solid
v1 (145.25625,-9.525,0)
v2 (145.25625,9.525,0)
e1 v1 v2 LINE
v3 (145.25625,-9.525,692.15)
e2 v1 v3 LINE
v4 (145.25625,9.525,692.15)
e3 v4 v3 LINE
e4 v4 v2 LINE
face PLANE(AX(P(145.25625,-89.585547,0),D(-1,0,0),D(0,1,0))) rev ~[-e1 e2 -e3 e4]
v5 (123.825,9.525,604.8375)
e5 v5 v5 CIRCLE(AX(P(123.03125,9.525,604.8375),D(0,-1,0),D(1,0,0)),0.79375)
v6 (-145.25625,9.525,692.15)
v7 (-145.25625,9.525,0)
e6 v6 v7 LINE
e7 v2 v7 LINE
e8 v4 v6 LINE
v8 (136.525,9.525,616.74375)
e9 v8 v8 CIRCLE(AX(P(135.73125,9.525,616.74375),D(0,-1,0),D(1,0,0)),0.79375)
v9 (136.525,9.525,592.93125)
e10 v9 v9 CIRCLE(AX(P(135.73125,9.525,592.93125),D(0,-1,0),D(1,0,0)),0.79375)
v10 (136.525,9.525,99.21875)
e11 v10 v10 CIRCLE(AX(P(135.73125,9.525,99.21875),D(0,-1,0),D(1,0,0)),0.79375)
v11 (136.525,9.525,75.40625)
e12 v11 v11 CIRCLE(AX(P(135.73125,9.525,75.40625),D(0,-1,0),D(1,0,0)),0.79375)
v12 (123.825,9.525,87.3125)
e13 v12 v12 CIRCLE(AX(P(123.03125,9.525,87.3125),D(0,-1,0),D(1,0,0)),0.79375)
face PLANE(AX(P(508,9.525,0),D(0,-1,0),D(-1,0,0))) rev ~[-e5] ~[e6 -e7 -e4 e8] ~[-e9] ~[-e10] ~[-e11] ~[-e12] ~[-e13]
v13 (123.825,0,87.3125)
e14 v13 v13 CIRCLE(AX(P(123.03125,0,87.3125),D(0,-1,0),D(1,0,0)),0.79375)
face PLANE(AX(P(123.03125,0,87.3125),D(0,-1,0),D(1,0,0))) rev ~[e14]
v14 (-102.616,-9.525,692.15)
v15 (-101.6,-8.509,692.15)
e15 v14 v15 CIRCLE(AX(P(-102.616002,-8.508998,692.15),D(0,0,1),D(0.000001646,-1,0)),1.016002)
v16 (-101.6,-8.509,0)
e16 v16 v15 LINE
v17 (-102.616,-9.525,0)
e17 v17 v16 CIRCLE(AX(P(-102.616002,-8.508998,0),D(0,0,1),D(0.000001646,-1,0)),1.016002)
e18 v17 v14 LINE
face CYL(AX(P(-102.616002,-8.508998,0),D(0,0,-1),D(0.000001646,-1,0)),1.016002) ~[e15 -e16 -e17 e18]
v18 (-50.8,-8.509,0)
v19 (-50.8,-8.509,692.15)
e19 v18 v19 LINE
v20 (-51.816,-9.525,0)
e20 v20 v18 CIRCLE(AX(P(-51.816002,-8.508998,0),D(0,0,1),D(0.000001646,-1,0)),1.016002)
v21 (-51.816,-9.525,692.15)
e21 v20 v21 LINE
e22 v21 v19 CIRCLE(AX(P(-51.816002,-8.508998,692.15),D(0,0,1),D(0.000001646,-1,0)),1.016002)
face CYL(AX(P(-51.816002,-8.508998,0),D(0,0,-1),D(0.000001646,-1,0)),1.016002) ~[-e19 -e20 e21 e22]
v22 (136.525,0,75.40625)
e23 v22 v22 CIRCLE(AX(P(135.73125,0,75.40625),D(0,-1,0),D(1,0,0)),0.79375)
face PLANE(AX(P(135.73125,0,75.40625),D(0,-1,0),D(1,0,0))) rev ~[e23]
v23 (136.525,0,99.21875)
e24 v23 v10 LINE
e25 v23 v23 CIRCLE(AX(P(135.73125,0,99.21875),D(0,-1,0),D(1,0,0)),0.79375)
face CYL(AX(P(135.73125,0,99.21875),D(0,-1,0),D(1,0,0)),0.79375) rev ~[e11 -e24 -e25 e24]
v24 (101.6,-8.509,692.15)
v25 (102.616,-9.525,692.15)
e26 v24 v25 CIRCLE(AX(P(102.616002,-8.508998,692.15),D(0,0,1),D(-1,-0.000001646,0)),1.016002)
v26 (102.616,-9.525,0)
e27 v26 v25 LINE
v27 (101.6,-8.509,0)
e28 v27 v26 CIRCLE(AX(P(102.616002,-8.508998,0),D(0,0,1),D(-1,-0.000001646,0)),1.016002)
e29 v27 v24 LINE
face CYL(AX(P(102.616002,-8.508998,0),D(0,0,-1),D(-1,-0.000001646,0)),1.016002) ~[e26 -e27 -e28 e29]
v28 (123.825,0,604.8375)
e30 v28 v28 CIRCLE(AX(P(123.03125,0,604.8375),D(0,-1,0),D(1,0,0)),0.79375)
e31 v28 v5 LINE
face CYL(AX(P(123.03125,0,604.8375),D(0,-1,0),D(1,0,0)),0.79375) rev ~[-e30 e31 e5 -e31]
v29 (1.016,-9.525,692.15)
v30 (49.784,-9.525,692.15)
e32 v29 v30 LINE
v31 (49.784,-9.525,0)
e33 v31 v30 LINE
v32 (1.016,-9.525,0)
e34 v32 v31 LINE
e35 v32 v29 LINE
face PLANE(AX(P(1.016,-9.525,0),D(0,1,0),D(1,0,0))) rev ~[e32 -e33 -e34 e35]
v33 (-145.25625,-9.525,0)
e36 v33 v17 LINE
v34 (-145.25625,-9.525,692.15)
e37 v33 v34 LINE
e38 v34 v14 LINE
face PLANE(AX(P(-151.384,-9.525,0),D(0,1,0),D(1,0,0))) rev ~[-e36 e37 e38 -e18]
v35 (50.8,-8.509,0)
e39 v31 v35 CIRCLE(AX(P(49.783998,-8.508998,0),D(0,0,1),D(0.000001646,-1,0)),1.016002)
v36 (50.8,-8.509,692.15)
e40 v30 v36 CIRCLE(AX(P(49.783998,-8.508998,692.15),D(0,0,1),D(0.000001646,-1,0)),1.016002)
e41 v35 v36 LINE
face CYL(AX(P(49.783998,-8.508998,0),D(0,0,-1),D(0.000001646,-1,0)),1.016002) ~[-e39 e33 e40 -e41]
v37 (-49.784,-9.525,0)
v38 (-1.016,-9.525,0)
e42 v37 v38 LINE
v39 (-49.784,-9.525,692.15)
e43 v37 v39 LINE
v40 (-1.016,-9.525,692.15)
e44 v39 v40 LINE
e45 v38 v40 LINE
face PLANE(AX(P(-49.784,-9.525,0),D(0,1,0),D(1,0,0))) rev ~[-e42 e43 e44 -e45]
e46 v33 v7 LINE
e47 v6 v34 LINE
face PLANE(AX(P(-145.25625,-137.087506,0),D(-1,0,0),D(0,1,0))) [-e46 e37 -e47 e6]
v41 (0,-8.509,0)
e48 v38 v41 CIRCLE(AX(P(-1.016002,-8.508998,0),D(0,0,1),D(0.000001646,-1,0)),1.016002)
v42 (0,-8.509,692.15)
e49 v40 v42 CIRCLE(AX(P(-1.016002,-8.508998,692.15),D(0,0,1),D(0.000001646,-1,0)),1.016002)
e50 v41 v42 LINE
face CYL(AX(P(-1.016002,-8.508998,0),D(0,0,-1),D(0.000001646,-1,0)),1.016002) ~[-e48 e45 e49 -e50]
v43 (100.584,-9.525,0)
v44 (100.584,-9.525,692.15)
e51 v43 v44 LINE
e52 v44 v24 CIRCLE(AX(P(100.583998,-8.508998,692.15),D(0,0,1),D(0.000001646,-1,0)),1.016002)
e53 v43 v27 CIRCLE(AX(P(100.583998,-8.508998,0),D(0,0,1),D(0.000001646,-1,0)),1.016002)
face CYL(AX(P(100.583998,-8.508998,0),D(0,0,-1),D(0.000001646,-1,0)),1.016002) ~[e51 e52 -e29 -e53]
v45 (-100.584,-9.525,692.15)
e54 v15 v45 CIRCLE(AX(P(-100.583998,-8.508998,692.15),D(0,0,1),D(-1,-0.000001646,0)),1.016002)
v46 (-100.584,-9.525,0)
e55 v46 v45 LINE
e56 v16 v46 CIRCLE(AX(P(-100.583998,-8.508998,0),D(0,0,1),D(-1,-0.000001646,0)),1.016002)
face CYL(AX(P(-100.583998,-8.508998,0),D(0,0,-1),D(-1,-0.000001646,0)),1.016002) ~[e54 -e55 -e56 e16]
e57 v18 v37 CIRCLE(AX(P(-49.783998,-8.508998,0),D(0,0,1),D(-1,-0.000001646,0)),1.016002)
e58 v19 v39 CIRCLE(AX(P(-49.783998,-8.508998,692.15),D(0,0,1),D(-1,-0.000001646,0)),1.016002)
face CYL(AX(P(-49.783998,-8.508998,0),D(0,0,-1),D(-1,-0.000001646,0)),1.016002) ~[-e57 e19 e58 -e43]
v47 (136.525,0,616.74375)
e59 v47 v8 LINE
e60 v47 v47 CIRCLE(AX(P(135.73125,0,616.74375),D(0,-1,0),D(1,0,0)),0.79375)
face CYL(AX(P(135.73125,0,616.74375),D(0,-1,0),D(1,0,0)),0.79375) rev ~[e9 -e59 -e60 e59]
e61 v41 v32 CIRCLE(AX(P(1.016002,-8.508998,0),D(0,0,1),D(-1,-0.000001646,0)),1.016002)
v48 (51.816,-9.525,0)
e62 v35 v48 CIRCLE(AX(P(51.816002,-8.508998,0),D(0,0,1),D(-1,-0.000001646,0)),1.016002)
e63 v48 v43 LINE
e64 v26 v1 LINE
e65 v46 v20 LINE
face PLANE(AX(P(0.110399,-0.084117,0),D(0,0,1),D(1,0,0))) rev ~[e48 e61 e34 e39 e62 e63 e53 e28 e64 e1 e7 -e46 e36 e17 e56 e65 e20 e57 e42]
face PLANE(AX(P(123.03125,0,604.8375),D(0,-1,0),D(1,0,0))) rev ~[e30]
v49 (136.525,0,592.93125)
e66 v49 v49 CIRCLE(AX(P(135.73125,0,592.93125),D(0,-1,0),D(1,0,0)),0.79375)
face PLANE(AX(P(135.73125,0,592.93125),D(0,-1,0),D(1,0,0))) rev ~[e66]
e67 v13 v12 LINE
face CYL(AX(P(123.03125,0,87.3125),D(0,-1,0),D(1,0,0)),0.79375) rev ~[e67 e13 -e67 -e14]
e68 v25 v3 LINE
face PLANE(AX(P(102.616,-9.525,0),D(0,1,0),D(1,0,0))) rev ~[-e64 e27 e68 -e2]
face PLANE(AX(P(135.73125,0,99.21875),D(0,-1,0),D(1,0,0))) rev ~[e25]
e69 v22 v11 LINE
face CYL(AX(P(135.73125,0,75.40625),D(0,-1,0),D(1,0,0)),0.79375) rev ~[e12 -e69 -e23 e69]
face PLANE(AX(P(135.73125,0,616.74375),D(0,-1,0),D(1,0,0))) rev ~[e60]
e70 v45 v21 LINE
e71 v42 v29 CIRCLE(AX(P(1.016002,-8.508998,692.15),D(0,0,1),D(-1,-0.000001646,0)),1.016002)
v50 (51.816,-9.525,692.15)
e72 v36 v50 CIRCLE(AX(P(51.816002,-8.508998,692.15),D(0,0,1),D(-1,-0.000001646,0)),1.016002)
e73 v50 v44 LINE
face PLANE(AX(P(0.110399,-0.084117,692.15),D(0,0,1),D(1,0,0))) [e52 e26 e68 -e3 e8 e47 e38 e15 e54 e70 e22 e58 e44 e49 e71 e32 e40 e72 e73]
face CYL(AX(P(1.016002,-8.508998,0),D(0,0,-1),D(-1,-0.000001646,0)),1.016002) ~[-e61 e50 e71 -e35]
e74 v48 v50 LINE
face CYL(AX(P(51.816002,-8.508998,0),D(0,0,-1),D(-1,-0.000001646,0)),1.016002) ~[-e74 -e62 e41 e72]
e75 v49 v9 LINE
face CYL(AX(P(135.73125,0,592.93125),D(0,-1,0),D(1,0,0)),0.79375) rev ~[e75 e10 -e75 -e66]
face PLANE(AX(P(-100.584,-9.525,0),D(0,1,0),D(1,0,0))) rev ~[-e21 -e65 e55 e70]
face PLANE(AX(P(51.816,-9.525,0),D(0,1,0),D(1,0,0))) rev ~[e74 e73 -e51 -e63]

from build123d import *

# Parameters (mm, degrees)
F1_DEPTH = 692.15
F2_W     = 381
F2_H     = 137.227848
F2_H_2   = 195.285798
F3_DEPTH = 1143
F4_R     = 0.79375
F5_DEPTH = 25.4


with BuildPart() as f1:
    # F0 (on Top) → F1 (new body)
    with BuildSketch(Plane.XY):
        with BuildLine():
            Line((458.216, -9.525), (508, -9.525))
            Line((508, -9.525), (508, 9.525))
            Line((508, 9.525), (-508, 9.525))
            Line((-508, 9.525), (-508, -8.509))
            ThreePointArc((-508, -8.509), (-507.70242, -9.22742), (-506.984, -9.525))
            Line((-506.984, -9.525), (-458.216, -9.525))
            ThreePointArc((-458.216, -9.525), (-457.49758, -9.22742), (-457.2, -8.509))
            ThreePointArc((-457.2, -8.509), (-456.90242, -9.22742), (-456.184, -9.525))
            Line((-456.184, -9.525), (-407.416, -9.525))
            ThreePointArc((-407.416, -9.525), (-406.69758, -9.22742), (-406.4, -8.509))
            ThreePointArc((-406.4, -8.509), (-406.10242, -9.22742), (-405.384, -9.525))
            Line((-405.384, -9.525), (-356.616, -9.525))
            ThreePointArc((-356.616, -9.525), (-355.89758, -9.22742), (-355.6, -8.509))
            ThreePointArc((-355.6, -8.509), (-355.30242, -9.22742), (-354.584, -9.525))
            Line((-354.584, -9.525), (-305.816, -9.525))
            ThreePointArc((-305.816, -9.525), (-305.09758, -9.22742), (-304.8, -8.509))
            ThreePointArc((-304.8, -8.509), (-304.50242, -9.22742), (-303.784, -9.525))
            Line((-303.784, -9.525), (-255.016, -9.525))
            ThreePointArc((-255.016, -9.525), (-254.29758, -9.22742), (-254, -8.509))
            ThreePointArc((-254, -8.509), (-253.70242, -9.22742), (-252.984, -9.525))
            Line((-252.984, -9.525), (-204.216, -9.525))
            ThreePointArc((-204.216, -9.525), (-203.49758, -9.22742), (-203.2, -8.509))
            ThreePointArc((-203.2, -8.509), (-202.90242, -9.22742), (-202.184, -9.525))
            Line((-202.184, -9.525), (-153.416, -9.525))
            ThreePointArc((-153.416, -9.525), (-152.69758, -9.22742), (-152.4, -8.509))
            ThreePointArc((-152.4, -8.509), (-152.10242, -9.22742), (-151.384, -9.525))
            Line((-151.384, -9.525), (-102.616, -9.525))
            ThreePointArc((-102.616, -9.525), (-101.89758, -9.22742), (-101.6, -8.509))
            ThreePointArc((-101.6, -8.509), (-101.30242, -9.22742), (-100.584, -9.525))
            Line((-100.584, -9.525), (-51.816, -9.525))
            ThreePointArc((-51.816, -9.525), (-51.09758, -9.22742), (-50.8, -8.509))
            ThreePointArc((-50.8, -8.509), (-50.50242, -9.22742), (-49.784, -9.525))
            Line((-49.784, -9.525), (-1.016, -9.525))
            ThreePointArc((-1.016, -9.525), (-0.29758, -9.22742), (0, -8.509))
            ThreePointArc((0, -8.509), (0.29758, -9.22742), (1.016, -9.525))
            Line((1.016, -9.525), (49.784, -9.525))
            ThreePointArc((49.784, -9.525), (50.50242, -9.22742), (50.8, -8.509))
            ThreePointArc((50.8, -8.509), (51.09758, -9.22742), (51.816, -9.525))
            Line((51.816, -9.525), (100.584, -9.525))
            ThreePointArc((100.584, -9.525), (101.30242, -9.22742), (101.6, -8.509))
            ThreePointArc((101.6, -8.509), (101.89758, -9.22742), (102.616, -9.525))
            Line((102.616, -9.525), (151.384, -9.525))
            ThreePointArc((151.384, -9.525), (152.10242, -9.22742), (152.4, -8.509))
            ThreePointArc((152.4, -8.509), (152.69758, -9.22742), (153.416, -9.525))
            Line((153.416, -9.525), (202.184, -9.525))
            ThreePointArc((202.184, -9.525), (202.90242, -9.22742), (203.2, -8.509))
            ThreePointArc((203.2, -8.509), (203.49758, -9.22742), (204.216, -9.525))
            Line((204.216, -9.525), (252.984, -9.525))
            ThreePointArc((252.984, -9.525), (253.70242, -9.22742), (254, -8.509))
            ThreePointArc((254, -8.509), (254.29758, -9.22742), (255.016, -9.525))
            Line((255.016, -9.525), (303.784, -9.525))
            ThreePointArc((303.784, -9.525), (304.50242, -9.22742), (304.8, -8.509))
            ThreePointArc((304.8, -8.509), (305.09758, -9.22742), (305.816, -9.525))
            Line((305.816, -9.525), (354.584, -9.525))
            ThreePointArc((354.584, -9.525), (355.30242, -9.22742), (355.6, -8.509))
            ThreePointArc((355.6, -8.509), (355.89758, -9.22742), (356.616, -9.525))
            Line((356.616, -9.525), (405.384, -9.525))
            ThreePointArc((405.384, -9.525), (406.10242, -9.22742), (406.4, -8.509))
            ThreePointArc((406.4, -8.509), (406.69758, -9.22742), (407.416, -9.525))
            Line((407.416, -9.525), (456.184, -9.525))
            ThreePointArc((456.184, -9.525), (456.90242, -9.22742), (457.2, -8.509))
            ThreePointArc((457.2, -8.509), (457.49758, -9.22742), (458.216, -9.525))
        make_face()
        with BuildLine():
            ThreePointArc((-506.984, -9.525), (-507.70242, -9.22742), (-508, -8.509))
            Line((-508, -8.509), (-508, -9.525))
            Line((-508, -9.525), (-506.984, -9.525))
        make_face()
    extrude(amount=F1_DEPTH)

    # F2 (on Top) → F3 (cut)
    with BuildSketch(Plane.XY):
        with Locations((335.75625, -20.971623)):
            Rectangle(F2_W, F2_H)
        with Locations((-335.75625, -39.444607)):
            Rectangle(F2_W, F2_H_2)
    extrude(amount=F3_DEPTH, mode=Mode.SUBTRACT)

    # F4 (on Front) → F5 (cut)
    with BuildSketch(Plane.XZ):
        with Locations((135.73125, 616.74375)):
            Circle(F4_R)
        with Locations((123.03125, 604.8375)):
            Circle(F4_R)
        with Locations((135.73125, 592.93125)):
            Circle(F4_R)
        with Locations((135.73125, 99.21875)):
            Circle(F4_R)
        with Locations((123.03125, 87.3125)):
            Circle(F4_R)
        with Locations((135.73125, 75.40625)):
            Circle(F4_R)
    extrude(amount=-F5_DEPTH, mode=Mode.SUBTRACT)


solid = f1.part
